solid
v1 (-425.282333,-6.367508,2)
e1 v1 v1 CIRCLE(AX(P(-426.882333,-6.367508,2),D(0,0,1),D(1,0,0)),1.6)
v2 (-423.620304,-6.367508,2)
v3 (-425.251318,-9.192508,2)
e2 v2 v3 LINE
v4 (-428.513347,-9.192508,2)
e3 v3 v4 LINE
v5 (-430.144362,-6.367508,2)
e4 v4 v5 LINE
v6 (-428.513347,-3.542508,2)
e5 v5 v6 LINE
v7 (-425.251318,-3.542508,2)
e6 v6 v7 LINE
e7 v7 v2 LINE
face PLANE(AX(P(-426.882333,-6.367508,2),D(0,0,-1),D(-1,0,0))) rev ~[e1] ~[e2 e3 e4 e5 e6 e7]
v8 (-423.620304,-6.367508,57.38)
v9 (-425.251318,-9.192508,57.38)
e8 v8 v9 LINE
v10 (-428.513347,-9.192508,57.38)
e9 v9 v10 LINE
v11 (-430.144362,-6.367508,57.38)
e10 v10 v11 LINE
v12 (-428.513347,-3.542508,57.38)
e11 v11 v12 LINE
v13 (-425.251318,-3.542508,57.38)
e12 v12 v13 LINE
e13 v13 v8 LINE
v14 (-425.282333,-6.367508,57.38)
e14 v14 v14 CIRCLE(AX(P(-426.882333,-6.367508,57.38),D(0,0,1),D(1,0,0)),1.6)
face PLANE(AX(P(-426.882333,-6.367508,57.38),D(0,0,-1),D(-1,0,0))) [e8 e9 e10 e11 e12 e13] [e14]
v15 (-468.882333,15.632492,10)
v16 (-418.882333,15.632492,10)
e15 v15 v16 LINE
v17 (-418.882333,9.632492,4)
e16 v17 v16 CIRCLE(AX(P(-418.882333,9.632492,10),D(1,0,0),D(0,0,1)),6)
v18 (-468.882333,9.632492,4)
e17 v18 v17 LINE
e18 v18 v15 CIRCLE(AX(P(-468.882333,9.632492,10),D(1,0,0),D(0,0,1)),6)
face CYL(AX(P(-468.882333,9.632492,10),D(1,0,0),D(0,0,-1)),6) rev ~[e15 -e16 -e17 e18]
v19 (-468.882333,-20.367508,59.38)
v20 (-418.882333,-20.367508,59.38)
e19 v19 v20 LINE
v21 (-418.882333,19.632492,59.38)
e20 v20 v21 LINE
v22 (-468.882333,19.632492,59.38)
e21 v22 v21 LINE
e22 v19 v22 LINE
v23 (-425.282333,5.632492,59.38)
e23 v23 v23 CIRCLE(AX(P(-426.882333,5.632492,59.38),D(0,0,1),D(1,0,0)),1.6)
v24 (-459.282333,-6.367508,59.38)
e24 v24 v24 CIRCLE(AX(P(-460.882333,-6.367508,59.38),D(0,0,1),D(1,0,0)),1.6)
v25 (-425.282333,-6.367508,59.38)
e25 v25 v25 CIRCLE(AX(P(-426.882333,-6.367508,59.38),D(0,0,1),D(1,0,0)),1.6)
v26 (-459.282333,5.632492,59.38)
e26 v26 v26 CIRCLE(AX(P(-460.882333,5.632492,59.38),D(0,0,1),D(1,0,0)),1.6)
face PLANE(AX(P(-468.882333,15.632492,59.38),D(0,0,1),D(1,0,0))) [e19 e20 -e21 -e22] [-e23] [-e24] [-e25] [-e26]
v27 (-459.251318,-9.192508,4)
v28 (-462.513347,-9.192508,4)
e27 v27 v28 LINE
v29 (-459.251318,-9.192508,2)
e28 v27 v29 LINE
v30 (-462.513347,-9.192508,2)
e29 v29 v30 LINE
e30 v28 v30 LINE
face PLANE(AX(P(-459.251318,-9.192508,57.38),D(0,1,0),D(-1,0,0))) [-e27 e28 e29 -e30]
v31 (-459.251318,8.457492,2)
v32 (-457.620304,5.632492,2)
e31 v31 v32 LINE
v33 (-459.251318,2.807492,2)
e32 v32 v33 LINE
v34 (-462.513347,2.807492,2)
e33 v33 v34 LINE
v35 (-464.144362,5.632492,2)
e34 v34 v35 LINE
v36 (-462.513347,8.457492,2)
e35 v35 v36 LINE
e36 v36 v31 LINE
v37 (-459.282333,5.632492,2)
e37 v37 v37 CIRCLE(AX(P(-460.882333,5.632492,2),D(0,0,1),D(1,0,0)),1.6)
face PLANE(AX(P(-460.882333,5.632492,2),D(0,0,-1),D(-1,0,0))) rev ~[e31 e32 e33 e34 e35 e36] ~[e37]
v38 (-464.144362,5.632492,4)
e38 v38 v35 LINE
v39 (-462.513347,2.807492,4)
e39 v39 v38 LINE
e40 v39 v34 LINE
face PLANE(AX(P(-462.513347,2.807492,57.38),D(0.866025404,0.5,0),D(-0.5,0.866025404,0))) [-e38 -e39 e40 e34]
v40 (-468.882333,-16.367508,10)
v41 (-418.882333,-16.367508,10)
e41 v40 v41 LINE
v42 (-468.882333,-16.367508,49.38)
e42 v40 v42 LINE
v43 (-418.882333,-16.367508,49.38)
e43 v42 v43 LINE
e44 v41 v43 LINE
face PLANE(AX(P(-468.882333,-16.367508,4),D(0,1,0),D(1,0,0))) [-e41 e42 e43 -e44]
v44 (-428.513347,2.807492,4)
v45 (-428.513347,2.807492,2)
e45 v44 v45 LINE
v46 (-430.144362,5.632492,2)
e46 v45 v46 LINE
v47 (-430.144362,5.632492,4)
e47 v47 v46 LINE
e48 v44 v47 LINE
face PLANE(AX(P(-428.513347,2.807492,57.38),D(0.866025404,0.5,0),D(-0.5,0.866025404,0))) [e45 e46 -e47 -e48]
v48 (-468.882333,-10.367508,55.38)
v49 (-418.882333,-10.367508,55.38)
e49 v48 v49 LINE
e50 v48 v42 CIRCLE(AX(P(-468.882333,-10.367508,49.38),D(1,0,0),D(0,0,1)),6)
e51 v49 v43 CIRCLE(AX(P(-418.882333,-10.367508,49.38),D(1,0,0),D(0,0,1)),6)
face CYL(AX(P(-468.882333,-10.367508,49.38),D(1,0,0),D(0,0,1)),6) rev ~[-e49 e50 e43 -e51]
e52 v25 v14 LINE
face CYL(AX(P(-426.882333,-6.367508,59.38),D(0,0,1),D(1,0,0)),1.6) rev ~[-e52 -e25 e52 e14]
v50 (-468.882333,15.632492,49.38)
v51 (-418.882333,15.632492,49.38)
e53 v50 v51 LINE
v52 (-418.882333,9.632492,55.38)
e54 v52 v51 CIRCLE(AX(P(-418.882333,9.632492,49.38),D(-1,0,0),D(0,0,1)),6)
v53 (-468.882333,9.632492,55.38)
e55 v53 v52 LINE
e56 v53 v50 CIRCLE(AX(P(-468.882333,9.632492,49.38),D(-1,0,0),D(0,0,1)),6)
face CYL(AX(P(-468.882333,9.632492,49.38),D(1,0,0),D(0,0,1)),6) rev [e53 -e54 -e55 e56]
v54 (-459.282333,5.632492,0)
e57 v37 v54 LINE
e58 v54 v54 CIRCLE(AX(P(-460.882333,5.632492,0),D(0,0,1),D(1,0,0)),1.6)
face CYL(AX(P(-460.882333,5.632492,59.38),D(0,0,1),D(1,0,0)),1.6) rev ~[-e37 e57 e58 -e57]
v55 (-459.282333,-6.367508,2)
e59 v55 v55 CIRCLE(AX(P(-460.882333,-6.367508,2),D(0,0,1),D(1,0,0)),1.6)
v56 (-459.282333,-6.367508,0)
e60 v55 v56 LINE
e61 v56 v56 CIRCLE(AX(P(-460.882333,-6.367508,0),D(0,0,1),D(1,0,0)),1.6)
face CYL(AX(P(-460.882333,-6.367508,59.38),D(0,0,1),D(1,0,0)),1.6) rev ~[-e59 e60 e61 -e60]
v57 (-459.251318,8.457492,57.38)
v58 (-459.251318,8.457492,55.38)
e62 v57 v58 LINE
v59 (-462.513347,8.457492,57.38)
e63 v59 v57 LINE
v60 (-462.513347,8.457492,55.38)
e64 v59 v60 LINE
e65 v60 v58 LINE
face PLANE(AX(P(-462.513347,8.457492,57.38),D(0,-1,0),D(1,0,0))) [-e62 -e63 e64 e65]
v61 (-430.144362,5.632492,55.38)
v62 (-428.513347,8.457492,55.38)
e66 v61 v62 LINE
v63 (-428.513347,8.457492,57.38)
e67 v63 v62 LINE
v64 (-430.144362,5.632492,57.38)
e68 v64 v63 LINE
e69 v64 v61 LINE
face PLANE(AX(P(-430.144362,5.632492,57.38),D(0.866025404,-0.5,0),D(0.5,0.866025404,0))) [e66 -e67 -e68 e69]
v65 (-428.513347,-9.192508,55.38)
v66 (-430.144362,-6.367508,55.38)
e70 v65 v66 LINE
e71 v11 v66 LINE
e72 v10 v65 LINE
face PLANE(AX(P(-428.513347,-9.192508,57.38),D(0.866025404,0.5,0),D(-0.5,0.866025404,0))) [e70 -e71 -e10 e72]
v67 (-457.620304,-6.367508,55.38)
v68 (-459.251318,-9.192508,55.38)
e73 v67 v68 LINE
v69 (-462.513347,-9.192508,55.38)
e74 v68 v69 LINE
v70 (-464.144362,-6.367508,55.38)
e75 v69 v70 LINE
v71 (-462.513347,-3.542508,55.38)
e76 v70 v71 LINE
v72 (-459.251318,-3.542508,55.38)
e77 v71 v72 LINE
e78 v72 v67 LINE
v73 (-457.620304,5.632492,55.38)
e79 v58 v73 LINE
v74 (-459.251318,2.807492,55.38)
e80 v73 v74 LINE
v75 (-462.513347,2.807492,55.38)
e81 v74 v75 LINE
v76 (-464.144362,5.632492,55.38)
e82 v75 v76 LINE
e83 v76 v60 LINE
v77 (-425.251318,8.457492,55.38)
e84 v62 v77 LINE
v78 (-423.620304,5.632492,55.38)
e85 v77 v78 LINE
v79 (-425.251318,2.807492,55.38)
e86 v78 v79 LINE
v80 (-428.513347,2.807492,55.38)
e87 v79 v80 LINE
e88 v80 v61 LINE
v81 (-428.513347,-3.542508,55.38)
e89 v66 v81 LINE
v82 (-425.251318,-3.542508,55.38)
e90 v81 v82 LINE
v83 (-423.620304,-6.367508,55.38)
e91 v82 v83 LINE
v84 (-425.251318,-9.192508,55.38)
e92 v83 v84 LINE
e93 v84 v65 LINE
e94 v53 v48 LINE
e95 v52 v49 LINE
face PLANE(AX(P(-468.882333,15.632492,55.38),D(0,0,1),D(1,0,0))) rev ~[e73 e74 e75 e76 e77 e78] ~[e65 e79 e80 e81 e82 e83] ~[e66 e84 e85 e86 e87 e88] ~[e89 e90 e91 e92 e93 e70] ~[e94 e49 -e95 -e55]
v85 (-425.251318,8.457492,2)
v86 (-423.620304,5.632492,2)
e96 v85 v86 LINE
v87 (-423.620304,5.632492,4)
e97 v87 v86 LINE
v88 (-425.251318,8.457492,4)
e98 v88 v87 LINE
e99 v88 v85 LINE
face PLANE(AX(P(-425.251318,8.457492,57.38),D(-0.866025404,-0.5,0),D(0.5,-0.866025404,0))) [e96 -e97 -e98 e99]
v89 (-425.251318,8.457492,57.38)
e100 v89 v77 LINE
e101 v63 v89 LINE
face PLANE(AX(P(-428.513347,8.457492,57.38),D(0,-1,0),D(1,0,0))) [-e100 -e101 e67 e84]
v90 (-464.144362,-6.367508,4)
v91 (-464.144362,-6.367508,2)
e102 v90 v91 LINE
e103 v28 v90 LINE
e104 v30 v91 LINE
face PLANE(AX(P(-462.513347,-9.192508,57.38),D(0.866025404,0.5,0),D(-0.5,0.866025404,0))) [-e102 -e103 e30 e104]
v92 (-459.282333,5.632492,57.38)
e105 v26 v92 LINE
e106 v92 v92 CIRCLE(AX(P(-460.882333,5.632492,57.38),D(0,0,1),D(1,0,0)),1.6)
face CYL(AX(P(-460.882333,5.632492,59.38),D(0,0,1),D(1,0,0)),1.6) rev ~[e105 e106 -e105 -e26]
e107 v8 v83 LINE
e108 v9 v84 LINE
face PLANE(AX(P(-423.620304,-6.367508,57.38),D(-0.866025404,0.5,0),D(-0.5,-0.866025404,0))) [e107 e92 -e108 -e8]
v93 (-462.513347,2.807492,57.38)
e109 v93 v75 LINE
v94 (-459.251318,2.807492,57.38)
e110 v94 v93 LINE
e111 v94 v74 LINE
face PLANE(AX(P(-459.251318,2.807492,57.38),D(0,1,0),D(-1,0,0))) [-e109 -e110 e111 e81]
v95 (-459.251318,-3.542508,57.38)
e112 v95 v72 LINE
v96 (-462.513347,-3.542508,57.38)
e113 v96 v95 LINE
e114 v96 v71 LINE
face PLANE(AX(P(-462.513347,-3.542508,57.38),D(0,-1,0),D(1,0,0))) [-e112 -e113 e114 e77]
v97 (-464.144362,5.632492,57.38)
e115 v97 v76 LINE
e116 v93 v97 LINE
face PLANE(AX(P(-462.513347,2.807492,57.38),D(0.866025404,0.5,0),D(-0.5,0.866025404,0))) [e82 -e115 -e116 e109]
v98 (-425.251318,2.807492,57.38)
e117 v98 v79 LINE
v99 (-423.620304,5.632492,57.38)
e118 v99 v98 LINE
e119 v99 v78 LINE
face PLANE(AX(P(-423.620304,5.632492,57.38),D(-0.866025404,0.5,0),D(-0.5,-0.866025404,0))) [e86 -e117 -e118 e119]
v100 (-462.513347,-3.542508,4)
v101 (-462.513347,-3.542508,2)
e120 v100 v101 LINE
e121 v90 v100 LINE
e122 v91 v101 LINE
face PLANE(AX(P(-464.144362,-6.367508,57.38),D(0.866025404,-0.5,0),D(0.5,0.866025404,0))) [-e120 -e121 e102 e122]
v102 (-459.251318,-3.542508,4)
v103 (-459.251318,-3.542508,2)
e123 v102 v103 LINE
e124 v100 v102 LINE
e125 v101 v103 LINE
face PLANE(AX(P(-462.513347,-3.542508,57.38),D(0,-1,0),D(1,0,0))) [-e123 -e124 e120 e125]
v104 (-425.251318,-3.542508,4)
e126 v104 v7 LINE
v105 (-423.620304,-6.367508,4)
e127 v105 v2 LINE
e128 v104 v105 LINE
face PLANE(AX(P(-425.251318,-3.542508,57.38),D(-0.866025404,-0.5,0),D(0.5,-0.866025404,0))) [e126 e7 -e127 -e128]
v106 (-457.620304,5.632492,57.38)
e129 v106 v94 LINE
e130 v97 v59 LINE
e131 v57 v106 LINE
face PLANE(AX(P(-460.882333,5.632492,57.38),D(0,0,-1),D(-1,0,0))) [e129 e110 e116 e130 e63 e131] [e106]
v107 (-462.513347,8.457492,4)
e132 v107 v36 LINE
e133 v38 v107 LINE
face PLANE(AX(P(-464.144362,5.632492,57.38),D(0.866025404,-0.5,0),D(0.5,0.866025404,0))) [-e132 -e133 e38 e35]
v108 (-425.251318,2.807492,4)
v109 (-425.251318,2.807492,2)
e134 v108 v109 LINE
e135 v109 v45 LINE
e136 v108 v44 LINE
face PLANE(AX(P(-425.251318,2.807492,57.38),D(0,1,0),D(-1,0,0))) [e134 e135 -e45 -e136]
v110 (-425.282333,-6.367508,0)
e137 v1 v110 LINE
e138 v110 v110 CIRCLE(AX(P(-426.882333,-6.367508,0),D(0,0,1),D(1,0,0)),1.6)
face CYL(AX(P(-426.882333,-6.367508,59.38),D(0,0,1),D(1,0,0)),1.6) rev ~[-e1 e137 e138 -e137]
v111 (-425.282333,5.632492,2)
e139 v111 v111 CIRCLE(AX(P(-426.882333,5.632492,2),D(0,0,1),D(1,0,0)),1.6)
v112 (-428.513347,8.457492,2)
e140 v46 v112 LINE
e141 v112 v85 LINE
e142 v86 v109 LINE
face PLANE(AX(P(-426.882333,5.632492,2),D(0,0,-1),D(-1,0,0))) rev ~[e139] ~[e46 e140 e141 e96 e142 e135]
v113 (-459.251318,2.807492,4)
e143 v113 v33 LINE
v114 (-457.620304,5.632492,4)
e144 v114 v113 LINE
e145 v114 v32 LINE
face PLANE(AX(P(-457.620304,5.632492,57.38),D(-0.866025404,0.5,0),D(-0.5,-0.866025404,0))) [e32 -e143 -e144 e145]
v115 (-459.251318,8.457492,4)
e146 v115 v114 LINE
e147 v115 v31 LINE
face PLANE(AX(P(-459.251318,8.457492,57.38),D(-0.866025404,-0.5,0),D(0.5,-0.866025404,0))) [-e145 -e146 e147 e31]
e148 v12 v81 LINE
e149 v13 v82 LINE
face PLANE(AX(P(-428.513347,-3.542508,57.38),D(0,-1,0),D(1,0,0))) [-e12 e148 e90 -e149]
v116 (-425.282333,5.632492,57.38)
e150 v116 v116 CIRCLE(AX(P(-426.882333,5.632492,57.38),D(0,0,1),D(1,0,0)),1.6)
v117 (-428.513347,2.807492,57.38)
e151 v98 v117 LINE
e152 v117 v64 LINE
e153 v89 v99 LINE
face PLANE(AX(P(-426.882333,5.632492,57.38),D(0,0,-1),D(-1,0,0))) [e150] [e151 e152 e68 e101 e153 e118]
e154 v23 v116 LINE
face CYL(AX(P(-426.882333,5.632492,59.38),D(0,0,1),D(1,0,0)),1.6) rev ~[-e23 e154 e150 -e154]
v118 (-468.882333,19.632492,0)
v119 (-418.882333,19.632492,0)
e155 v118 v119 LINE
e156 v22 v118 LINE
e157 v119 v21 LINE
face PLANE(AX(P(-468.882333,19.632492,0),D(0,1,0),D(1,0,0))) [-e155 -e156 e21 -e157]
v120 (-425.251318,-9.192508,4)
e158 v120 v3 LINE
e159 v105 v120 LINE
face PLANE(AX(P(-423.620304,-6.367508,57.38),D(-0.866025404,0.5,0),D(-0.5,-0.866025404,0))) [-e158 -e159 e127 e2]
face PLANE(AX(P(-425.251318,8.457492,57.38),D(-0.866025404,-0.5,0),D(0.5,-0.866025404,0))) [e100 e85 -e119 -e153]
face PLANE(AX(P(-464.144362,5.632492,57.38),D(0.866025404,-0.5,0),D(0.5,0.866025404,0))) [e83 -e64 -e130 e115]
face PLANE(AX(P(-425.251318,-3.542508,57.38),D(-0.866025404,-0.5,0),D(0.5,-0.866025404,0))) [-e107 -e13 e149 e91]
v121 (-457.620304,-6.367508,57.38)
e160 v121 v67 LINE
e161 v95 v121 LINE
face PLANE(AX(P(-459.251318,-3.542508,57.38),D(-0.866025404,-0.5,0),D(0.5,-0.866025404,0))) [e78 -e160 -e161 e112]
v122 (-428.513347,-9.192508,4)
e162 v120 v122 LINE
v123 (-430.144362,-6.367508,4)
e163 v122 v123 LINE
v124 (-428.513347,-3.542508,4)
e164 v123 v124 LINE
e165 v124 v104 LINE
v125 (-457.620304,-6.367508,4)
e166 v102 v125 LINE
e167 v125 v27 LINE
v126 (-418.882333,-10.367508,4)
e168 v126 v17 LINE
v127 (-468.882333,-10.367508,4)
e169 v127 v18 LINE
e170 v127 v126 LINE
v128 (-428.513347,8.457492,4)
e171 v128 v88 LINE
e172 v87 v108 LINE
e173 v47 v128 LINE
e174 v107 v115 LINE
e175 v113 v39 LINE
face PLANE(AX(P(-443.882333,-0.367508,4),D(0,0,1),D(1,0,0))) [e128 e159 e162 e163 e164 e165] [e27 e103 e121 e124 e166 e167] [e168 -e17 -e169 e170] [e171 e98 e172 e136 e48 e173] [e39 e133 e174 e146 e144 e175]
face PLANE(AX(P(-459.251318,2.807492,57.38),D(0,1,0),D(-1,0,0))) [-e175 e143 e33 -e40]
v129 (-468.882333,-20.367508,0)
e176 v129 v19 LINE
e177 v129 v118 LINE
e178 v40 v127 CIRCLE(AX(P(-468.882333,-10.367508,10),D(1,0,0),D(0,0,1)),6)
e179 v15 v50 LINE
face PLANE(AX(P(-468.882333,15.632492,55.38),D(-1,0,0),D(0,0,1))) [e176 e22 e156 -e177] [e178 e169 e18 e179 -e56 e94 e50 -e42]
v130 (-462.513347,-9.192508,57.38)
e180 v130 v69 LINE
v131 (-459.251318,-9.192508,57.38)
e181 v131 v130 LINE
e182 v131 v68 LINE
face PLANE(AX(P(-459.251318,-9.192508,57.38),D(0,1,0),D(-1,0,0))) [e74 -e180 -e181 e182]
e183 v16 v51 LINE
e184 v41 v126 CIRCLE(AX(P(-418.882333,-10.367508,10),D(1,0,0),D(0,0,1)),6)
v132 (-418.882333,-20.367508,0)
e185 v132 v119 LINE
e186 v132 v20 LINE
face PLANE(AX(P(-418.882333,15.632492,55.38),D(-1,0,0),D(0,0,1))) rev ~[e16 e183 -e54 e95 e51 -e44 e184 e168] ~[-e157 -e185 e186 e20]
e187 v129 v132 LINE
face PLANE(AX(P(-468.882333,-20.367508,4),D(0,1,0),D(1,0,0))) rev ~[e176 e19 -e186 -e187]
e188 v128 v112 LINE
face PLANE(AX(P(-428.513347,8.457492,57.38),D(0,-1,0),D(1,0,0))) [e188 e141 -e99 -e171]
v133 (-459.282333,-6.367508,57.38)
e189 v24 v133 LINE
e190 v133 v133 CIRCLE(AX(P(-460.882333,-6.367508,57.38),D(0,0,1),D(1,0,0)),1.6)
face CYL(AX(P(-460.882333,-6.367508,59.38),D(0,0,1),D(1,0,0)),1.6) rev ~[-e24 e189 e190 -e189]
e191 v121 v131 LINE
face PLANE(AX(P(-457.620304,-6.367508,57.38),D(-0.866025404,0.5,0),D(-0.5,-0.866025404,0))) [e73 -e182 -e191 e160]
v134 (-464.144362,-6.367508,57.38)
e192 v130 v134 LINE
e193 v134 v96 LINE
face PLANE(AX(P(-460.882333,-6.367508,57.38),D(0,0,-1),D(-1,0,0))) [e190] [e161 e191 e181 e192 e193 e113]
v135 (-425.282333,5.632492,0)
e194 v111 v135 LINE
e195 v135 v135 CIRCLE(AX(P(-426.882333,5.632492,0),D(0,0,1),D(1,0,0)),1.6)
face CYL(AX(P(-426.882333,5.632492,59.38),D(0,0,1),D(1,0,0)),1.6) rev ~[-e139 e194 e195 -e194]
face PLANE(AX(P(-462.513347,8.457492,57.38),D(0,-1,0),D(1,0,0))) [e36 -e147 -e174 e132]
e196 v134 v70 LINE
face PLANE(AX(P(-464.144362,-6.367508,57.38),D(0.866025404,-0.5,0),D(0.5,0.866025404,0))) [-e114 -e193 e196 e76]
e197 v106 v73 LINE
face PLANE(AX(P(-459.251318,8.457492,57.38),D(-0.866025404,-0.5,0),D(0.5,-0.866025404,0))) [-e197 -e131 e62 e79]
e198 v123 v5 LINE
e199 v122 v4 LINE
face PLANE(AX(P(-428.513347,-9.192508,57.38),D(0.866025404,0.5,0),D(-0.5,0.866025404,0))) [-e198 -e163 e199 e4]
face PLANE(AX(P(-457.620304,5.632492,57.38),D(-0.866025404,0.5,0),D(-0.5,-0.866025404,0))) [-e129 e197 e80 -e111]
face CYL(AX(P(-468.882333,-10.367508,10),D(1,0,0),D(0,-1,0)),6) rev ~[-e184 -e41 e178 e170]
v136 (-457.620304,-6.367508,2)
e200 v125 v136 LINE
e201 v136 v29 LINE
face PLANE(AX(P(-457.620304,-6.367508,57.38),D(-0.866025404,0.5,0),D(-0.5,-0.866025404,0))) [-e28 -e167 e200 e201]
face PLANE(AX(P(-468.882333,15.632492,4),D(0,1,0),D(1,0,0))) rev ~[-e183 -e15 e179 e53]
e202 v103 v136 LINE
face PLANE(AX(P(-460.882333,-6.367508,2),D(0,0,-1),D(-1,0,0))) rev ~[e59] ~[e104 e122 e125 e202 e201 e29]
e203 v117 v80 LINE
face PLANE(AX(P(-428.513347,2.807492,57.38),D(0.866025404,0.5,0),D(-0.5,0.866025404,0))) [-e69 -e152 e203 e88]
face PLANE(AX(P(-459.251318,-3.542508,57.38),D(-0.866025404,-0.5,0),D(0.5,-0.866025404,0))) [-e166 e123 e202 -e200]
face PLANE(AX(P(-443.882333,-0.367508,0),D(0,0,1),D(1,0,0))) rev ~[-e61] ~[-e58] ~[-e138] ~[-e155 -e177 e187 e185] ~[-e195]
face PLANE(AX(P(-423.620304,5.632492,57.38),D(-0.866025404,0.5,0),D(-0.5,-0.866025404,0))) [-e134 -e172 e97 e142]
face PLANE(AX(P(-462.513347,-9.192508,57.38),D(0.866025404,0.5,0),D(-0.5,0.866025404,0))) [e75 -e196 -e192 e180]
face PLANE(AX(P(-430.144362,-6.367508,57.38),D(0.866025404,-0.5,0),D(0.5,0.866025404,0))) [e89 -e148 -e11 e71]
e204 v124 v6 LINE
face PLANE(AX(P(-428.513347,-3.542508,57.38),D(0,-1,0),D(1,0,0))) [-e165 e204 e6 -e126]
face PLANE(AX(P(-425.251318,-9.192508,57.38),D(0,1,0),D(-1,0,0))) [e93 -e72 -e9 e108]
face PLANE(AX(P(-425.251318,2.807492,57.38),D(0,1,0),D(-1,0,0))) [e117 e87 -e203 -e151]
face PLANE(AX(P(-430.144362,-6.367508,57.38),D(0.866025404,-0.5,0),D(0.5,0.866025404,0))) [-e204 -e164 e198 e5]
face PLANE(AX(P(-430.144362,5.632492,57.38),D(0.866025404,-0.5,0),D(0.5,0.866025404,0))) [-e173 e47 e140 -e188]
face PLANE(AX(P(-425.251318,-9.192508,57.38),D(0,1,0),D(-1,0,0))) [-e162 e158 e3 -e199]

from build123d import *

# Parameters (mm, degrees)
SKETCH1_W               = 50
SKETCH1_H               = 40
BOSS_EXTRUDE1_DEPTH     = 4
SKETCH2_W               = 50
SKETCH2_H               = 4
BOSS_EXTRUDE2_DEPTH     = 55.38
SKETCH4_W               = 50
SKETCH4_H               = 4
BOSS_EXTRUDE3_DEPTH     = 32
SKETCH5_R               = 1.6
CUT_EXTRUDE1_DEPTH      = 1
CUT_EXTRUDE1_DEPTH_BACK = 60.38
CUT_EXTRUDE2_START      = -2
CUT_EXTRUDE2_DEPTH      = 55.38
FILLET1_R               = 6


with BuildPart() as part:
    # Sketch1 → Boss-Extrude1 (new body)
    with BuildSketch(Plane.XY):
        with Locations((-443.882332823, -0.367507575)):
            Rectangle(SKETCH1_W, SKETCH1_H)
    extrude(amount=BOSS_EXTRUDE1_DEPTH)

    # Sketch2 → Boss-Extrude2 (add)
    with BuildSketch(Plane.XY.offset(4)):
        with Locations((-443.882332823, -18.367507575)):
            Rectangle(SKETCH2_W, SKETCH2_H)
        with Locations((-443.882332823, 17.632492425)):
            Rectangle(SKETCH2_W, SKETCH2_H)
    extrude(amount=BOSS_EXTRUDE2_DEPTH)

    # Sketch4 → Boss-Extrude3 (add)
    with BuildSketch(Plane.XZ.offset(-15.632492425)):
        with Locations((-443.882332823, 57.38)):
            Rectangle(SKETCH4_W, SKETCH4_H)
    extrude(amount=BOSS_EXTRUDE3_DEPTH)

    # Sketch5 → Cut-Extrude1 (cut, two sides)
    with BuildSketch(Plane.XY.offset(59.38)) as cut_extrude1_sk:
        with Locations((-460.882332823, -6.367507575)):
            Circle(SKETCH5_R)
        with Locations((-460.882332823, 5.632492425)):
            Circle(SKETCH5_R)
        with Locations((-426.882332823, -6.367507575)):
            Circle(SKETCH5_R)
        with Locations((-426.882332823, 5.632492425)):
            Circle(SKETCH5_R)
    extrude(amount=CUT_EXTRUDE1_DEPTH, mode=Mode.SUBTRACT)
    extrude(cut_extrude1_sk.sketch, amount=-CUT_EXTRUDE1_DEPTH_BACK, mode=Mode.SUBTRACT)

    # Sketch6 → Cut-Extrude2 (cut)
    with BuildSketch(Plane(origin=(0, 0, 55.38), x_dir=(-1, 0, 0), z_dir=(0, 0, -1)).offset(CUT_EXTRUDE2_START)):
        Polygon((457.620303802, 5.632492425), (459.251318313, 2.807492425), (462.513347334, 2.807492425), (464.144361844, 5.632492425), (462.513347334, 8.457492425), (459.251318313, 8.457492425), align=None)
        Polygon((457.620303802, -6.367507575), (459.251318313, -9.192507575), (462.513347334, -9.192507575), (464.144361844, -6.367507575), (462.513347334, -3.542507575), (459.251318313, -3.542507575), align=None)
        Polygon((425.251318313, 2.807492425), (428.513347334, 2.807492425), (430.144361844, 5.632492425), (428.513347334, 8.457492425), (425.251318313, 8.457492425), (423.620303802, 5.632492425), align=None)
        Polygon((423.620303802, -6.367507575), (425.251318313, -9.192507575), (428.513347334, -9.192507575), (430.144361844, -6.367507575), (428.513347334, -3.542507575), (425.251318313, -3.542507575), align=None)
    extrude(amount=CUT_EXTRUDE2_DEPTH, mode=Mode.SUBTRACT)

    # Fillet1
    fillet1_edges = [part.edges().sort_by_distance(p)[0] for p in [
        (-443.882332823, -16.367507575, 4),
        (-443.882332823, 15.632492425, 4),
        (-443.882332823, 15.632492425, 55.38),
        (-443.882332823, -16.367507575, 55.38),
    ]]
    fillet(fillet1_edges, radius=FILLET1_R)


solid = part.part
